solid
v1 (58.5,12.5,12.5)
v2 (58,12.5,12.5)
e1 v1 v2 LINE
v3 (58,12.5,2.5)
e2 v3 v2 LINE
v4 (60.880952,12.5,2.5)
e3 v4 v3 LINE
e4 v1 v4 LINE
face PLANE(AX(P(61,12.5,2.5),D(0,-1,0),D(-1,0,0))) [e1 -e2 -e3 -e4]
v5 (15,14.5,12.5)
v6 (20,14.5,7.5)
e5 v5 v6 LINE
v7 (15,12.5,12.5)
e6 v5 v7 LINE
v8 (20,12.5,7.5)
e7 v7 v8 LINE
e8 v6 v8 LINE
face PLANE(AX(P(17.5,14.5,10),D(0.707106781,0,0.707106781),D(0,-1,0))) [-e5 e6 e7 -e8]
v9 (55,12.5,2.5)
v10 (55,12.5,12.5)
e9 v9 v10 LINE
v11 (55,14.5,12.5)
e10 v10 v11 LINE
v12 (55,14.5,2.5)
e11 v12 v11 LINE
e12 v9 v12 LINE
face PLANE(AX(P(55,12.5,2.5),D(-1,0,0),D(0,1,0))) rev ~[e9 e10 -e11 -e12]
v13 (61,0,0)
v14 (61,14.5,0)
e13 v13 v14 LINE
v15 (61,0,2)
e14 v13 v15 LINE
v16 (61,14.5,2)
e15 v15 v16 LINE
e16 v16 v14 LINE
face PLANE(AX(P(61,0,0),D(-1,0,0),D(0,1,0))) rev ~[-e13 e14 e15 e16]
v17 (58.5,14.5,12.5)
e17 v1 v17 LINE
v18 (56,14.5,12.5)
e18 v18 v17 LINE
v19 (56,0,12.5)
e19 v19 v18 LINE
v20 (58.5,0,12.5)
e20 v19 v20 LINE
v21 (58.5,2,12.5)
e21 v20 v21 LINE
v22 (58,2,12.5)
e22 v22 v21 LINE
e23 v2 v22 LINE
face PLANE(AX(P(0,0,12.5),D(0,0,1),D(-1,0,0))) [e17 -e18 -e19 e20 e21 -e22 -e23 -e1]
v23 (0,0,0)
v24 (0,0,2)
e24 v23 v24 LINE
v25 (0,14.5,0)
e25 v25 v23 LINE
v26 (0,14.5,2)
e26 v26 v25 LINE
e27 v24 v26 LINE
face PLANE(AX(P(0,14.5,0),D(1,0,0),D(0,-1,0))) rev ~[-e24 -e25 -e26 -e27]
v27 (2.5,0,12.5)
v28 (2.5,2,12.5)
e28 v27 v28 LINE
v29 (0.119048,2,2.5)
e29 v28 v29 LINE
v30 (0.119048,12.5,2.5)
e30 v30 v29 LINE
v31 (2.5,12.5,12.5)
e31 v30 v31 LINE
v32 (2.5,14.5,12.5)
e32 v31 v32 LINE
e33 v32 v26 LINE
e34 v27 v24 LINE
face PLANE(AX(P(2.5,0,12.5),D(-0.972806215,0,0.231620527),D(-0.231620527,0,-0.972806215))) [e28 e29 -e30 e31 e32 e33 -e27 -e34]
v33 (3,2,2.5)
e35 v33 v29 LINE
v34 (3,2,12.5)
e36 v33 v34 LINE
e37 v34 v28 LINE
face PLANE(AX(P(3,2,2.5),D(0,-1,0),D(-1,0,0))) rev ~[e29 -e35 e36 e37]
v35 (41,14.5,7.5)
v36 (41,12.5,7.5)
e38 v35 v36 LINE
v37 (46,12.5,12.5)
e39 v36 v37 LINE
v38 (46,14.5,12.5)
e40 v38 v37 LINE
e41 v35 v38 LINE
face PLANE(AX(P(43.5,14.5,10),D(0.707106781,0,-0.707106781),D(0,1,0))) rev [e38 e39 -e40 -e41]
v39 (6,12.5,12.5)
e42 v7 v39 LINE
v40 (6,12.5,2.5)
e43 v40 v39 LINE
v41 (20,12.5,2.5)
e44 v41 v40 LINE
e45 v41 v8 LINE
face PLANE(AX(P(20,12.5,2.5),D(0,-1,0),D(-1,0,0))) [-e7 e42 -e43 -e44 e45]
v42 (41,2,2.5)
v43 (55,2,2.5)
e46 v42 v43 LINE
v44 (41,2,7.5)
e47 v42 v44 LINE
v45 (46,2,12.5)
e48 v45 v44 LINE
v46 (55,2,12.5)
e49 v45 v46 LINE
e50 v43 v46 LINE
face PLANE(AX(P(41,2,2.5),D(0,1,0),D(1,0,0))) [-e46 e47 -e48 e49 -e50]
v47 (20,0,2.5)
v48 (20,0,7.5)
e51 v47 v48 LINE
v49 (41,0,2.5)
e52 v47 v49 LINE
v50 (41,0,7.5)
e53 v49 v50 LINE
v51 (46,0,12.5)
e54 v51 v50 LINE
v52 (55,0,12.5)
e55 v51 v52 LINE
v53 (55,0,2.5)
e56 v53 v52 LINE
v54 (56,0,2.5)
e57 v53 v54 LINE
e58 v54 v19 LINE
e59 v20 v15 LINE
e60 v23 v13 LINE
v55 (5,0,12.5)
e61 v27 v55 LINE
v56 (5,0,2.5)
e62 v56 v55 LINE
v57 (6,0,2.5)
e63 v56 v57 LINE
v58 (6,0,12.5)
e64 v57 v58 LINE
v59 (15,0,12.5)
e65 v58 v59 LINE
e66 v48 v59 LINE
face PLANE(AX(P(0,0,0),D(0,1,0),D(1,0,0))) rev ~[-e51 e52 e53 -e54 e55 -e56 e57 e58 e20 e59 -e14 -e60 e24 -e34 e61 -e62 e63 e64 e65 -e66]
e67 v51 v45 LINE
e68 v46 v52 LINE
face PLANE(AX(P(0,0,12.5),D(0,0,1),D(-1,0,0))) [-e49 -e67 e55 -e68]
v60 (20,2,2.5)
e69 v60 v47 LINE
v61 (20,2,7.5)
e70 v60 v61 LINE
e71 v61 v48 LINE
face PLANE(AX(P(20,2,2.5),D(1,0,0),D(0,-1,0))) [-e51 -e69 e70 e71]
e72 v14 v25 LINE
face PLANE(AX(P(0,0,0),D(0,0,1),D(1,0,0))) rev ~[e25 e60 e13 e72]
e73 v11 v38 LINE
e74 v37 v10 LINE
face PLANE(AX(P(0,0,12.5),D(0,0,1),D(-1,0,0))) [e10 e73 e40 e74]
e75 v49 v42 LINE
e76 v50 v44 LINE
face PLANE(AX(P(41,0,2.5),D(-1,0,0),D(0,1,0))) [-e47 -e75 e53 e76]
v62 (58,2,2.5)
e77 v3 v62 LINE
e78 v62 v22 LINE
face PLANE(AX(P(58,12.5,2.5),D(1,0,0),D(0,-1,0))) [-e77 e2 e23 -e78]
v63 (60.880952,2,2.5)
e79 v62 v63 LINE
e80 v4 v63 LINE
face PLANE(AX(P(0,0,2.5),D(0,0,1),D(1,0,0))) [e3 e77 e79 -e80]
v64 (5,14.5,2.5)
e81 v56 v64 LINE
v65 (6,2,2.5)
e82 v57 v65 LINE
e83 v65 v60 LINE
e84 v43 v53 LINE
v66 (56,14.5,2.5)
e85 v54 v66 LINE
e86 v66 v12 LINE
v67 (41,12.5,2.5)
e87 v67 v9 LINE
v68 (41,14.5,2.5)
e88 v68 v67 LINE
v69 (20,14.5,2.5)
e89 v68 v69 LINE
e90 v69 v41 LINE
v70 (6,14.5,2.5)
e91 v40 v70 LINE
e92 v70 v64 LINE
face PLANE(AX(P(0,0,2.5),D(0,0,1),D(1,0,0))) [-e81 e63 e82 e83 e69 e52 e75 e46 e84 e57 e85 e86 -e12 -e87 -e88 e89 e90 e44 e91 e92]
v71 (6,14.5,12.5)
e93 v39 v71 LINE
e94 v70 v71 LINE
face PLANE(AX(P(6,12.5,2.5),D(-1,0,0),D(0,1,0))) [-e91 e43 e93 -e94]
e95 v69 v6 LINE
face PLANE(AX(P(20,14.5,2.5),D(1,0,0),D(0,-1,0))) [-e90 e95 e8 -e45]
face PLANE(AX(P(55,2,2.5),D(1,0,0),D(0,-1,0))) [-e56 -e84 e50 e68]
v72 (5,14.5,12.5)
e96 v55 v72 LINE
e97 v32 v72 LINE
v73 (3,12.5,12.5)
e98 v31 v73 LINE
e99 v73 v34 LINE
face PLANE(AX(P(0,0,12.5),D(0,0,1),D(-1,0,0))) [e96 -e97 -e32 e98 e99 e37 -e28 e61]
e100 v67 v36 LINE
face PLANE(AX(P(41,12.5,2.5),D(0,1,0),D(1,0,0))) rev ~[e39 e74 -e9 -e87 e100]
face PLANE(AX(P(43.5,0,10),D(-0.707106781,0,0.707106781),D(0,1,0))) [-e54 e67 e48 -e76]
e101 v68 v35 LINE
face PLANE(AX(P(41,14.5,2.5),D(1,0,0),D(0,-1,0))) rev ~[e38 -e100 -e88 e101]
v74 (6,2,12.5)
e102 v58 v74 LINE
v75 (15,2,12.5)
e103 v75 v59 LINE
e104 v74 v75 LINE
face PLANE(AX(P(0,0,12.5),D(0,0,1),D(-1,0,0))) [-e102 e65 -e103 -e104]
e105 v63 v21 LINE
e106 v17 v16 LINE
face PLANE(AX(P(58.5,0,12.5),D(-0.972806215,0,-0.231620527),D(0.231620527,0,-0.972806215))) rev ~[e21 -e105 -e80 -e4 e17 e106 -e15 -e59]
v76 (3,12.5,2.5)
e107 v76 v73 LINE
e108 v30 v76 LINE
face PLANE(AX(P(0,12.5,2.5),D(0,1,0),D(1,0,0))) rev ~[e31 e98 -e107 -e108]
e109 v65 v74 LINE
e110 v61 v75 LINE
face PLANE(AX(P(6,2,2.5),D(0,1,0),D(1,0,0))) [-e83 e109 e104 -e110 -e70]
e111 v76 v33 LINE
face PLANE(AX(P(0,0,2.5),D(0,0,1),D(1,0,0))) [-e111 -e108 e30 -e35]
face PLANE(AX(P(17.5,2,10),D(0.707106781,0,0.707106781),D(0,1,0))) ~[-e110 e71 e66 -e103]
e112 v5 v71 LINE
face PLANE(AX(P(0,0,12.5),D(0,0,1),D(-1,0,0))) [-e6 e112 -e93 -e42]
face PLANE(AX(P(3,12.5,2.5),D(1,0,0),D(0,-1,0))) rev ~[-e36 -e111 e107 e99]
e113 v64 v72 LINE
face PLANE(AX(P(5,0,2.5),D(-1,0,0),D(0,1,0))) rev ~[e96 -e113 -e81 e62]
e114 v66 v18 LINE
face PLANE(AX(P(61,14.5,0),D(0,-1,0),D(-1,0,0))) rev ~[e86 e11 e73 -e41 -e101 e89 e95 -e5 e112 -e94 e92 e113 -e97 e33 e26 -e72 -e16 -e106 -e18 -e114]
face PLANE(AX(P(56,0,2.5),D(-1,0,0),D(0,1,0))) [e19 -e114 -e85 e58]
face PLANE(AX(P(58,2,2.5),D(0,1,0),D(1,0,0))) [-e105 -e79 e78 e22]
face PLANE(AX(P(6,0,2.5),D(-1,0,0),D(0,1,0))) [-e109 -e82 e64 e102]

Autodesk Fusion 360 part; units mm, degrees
sketch "Sketch1" plane through (0, 0, 0) normal (0, 0, 1) x (1, 0, 0)
  line L0 (0, 0) -> (61, 0)
  line L1 (61, 0) -> (61, 14.5)
  line L2 (61, 14.5) -> (0, 14.5)
  line L3 (0, 14.5) -> (0, 0)
  dimension "d1" = 61
  dimension "d2" = 14.5
extrude "Extrude1" add sketch "Sketch1" along normal blind 2.5
sketch "Sketch2" plane through (0, 0, 2.5) normal (0, 0, 1) x (-1, 0, 0)
  line L0 (0, -14.5) -> (0, 0)
  line L1 (0, 0) -> (-61, 0)
  line L2 (-61, 0) -> (-61, -14.5)
  line L3 (-61, -14.5) -> (0, -14.5)
  line L4 (-5, -24.7983) -> (-5, 20) construction
  line L5 (-56, -25) -> (-56, 25) construction
  line L6 (12, -12.5) -> (-78, -12.5) construction
  line L7 (12, -2) -> (-79, -2) construction
  line L8 (-5, -14.5) -> (-3, -14.5)
  line L9 (-3, -14.5) -> (-3, 0)
  line L10 (-3, 0) -> (-5, 0)
  line L11 (-5, 0) -> (-5, -14.5)
  line L12 (-56, -14.5) -> (-58, -14.5)
  line L13 (-58, -14.5) -> (-58, 0)
  line L14 (-58, 0) -> (-56, 0)
  line L15 (-56, 0) -> (-56, -14.5)
  line L16 (-6, -14.5) -> (-20, -14.5)
  line L17 (-20, -14.5) -> (-20, -12.5)
  line L18 (-20, -12.5) -> (-6, -12.5)
  line L19 (-6, -12.5) -> (-6, -14.5)
  line L20 (-6, -2) -> (-20, -2)
  line L21 (-20, -2) -> (-20, 0)
  line L22 (-20, 0) -> (-6, 0)
  line L23 (-6, 0) -> (-6, -2)
  line L24 (-55, -14.5) -> (-41, -14.5)
  line L25 (-41, -14.5) -> (-41, -12.5)
  line L26 (-41, -12.5) -> (-55, -12.5)
  line L27 (-55, -12.5) -> (-55, -14.5)
  line L28 (-41, -2) -> (-55, -2)
  line L29 (-55, -2) -> (-55, 0)
  line L30 (-55, 0) -> (-41, 0)
  line L31 (-41, 0) -> (-41, -2)
  line L32 (-3, -14.5) -> (0, -14.5)
  line L33 (0, -14.5) -> (0, -12.5)
  line L34 (0, -12.5) -> (-3, -12.5)
  line L35 (-3, -12.5) -> (-3, -14.5)
  line L36 (-58, -14.5) -> (-61, -14.5)
  line L37 (-61, -14.5) -> (-61, -12.5)
  line L38 (-61, -12.5) -> (-58, -12.5)
  line L39 (-58, -12.5) -> (-58, -14.5)
  line L40 (-58, -2) -> (-61, -2)
  line L41 (-61, -2) -> (-61, 0)
  line L42 (-61, 0) -> (-58, 0)
  line L43 (-58, 0) -> (-58, -2)
  line L44 (-3, -2) -> (0, -2)
  line L45 (0, -2) -> (0, 0)
  line L46 (0, 0) -> (-3, 0)
  line L47 (-3, 0) -> (-3, -2)
  dimension "d5" = 51
  dimension "d6" = 5
  dimension "d7" = 10.5
  dimension "d8" = 2
  dimension "d9" = 14
  dimension "d10" = 14
  dimension "d11" = 14
  dimension "d12" = 14
  dimension "d13" = 1
  dimension "d14" = 1
  dimension "d15" = 1
  dimension "d16" = 1
extrude "Extrude2" add sketch "Sketch2" along normal blind 10 contours L0 L3 L9 L32 L33 L34 L35 | L1 L3 L8 L9 L10 L11 L35 L47 | L0 L1 L9 L44 L45 L46 L47 | L3 L16 L17 L18 L19 | L1 L20 L21 L22 L23 | L3 L24 L25 L26 L27 | L1 L28 L29 L30 L31 | L1 L3 L12 L13 L14 L15 L39 L43 | L2 L3 L13 L36 L37 L38 L39 | L1 L2 L13 L40 L41 L42 L43
sketch "Sketch3" plane through (0, 0, 0) normal (0, -1, 0) x (1, 0, 0)
  line L0 (0, 0) -> (61, 0)
  line L1 (61, 0) -> (61, 12.5)
  line L2 (61, 12.5) -> (56, 12.5)
  line L3 (56, 12.5) -> (56, 2.5)
  line L4 (56, 2.5) -> (55, 2.5)
  line L5 (55, 2.5) -> (55, 12.5)
  line L6 (55, 12.5) -> (41, 12.5)
  line L7 (41, 12.5) -> (41, 2.5)
  line L8 (41, 2.5) -> (20, 2.5)
  line L9 (20, 2.5) -> (20, 12.5)
  line L10 (20, 12.5) -> (6, 12.5)
  line L11 (6, 12.5) -> (6, 2.5)
  line L12 (6, 2.5) -> (5, 2.5)
  line L13 (5, 2.5) -> (5, 12.5)
  line L14 (5, 12.5) -> (0, 12.5)
  line L15 (0, 12.5) -> (0, 0)
  line L16 (2.5, 12.5) -> (0, 2)
  line L17 (0, 12.5) -> (0, 2)
  line L18 (0, 12.5) -> (2.5, 12.5)
  line L19 (58.5, 12.5) -> (61, 2)
  line L20 (61, 2) -> (61, 12.5)
  line L21 (61, 12.5) -> (58.5, 12.5)
extrude "Extrude3" cut sketch "Sketch3" against normal blind 68 contours L14 L15 L16 L17 L18 | L1 L2 L19 L20 L21
chamfer "Chamfer1" distance 5 angle 45 4 edges at (20, 13.5, 12.5) (41, 13.5, 12.5) (41, 1, 12.5) (20, 1, 12.5)
